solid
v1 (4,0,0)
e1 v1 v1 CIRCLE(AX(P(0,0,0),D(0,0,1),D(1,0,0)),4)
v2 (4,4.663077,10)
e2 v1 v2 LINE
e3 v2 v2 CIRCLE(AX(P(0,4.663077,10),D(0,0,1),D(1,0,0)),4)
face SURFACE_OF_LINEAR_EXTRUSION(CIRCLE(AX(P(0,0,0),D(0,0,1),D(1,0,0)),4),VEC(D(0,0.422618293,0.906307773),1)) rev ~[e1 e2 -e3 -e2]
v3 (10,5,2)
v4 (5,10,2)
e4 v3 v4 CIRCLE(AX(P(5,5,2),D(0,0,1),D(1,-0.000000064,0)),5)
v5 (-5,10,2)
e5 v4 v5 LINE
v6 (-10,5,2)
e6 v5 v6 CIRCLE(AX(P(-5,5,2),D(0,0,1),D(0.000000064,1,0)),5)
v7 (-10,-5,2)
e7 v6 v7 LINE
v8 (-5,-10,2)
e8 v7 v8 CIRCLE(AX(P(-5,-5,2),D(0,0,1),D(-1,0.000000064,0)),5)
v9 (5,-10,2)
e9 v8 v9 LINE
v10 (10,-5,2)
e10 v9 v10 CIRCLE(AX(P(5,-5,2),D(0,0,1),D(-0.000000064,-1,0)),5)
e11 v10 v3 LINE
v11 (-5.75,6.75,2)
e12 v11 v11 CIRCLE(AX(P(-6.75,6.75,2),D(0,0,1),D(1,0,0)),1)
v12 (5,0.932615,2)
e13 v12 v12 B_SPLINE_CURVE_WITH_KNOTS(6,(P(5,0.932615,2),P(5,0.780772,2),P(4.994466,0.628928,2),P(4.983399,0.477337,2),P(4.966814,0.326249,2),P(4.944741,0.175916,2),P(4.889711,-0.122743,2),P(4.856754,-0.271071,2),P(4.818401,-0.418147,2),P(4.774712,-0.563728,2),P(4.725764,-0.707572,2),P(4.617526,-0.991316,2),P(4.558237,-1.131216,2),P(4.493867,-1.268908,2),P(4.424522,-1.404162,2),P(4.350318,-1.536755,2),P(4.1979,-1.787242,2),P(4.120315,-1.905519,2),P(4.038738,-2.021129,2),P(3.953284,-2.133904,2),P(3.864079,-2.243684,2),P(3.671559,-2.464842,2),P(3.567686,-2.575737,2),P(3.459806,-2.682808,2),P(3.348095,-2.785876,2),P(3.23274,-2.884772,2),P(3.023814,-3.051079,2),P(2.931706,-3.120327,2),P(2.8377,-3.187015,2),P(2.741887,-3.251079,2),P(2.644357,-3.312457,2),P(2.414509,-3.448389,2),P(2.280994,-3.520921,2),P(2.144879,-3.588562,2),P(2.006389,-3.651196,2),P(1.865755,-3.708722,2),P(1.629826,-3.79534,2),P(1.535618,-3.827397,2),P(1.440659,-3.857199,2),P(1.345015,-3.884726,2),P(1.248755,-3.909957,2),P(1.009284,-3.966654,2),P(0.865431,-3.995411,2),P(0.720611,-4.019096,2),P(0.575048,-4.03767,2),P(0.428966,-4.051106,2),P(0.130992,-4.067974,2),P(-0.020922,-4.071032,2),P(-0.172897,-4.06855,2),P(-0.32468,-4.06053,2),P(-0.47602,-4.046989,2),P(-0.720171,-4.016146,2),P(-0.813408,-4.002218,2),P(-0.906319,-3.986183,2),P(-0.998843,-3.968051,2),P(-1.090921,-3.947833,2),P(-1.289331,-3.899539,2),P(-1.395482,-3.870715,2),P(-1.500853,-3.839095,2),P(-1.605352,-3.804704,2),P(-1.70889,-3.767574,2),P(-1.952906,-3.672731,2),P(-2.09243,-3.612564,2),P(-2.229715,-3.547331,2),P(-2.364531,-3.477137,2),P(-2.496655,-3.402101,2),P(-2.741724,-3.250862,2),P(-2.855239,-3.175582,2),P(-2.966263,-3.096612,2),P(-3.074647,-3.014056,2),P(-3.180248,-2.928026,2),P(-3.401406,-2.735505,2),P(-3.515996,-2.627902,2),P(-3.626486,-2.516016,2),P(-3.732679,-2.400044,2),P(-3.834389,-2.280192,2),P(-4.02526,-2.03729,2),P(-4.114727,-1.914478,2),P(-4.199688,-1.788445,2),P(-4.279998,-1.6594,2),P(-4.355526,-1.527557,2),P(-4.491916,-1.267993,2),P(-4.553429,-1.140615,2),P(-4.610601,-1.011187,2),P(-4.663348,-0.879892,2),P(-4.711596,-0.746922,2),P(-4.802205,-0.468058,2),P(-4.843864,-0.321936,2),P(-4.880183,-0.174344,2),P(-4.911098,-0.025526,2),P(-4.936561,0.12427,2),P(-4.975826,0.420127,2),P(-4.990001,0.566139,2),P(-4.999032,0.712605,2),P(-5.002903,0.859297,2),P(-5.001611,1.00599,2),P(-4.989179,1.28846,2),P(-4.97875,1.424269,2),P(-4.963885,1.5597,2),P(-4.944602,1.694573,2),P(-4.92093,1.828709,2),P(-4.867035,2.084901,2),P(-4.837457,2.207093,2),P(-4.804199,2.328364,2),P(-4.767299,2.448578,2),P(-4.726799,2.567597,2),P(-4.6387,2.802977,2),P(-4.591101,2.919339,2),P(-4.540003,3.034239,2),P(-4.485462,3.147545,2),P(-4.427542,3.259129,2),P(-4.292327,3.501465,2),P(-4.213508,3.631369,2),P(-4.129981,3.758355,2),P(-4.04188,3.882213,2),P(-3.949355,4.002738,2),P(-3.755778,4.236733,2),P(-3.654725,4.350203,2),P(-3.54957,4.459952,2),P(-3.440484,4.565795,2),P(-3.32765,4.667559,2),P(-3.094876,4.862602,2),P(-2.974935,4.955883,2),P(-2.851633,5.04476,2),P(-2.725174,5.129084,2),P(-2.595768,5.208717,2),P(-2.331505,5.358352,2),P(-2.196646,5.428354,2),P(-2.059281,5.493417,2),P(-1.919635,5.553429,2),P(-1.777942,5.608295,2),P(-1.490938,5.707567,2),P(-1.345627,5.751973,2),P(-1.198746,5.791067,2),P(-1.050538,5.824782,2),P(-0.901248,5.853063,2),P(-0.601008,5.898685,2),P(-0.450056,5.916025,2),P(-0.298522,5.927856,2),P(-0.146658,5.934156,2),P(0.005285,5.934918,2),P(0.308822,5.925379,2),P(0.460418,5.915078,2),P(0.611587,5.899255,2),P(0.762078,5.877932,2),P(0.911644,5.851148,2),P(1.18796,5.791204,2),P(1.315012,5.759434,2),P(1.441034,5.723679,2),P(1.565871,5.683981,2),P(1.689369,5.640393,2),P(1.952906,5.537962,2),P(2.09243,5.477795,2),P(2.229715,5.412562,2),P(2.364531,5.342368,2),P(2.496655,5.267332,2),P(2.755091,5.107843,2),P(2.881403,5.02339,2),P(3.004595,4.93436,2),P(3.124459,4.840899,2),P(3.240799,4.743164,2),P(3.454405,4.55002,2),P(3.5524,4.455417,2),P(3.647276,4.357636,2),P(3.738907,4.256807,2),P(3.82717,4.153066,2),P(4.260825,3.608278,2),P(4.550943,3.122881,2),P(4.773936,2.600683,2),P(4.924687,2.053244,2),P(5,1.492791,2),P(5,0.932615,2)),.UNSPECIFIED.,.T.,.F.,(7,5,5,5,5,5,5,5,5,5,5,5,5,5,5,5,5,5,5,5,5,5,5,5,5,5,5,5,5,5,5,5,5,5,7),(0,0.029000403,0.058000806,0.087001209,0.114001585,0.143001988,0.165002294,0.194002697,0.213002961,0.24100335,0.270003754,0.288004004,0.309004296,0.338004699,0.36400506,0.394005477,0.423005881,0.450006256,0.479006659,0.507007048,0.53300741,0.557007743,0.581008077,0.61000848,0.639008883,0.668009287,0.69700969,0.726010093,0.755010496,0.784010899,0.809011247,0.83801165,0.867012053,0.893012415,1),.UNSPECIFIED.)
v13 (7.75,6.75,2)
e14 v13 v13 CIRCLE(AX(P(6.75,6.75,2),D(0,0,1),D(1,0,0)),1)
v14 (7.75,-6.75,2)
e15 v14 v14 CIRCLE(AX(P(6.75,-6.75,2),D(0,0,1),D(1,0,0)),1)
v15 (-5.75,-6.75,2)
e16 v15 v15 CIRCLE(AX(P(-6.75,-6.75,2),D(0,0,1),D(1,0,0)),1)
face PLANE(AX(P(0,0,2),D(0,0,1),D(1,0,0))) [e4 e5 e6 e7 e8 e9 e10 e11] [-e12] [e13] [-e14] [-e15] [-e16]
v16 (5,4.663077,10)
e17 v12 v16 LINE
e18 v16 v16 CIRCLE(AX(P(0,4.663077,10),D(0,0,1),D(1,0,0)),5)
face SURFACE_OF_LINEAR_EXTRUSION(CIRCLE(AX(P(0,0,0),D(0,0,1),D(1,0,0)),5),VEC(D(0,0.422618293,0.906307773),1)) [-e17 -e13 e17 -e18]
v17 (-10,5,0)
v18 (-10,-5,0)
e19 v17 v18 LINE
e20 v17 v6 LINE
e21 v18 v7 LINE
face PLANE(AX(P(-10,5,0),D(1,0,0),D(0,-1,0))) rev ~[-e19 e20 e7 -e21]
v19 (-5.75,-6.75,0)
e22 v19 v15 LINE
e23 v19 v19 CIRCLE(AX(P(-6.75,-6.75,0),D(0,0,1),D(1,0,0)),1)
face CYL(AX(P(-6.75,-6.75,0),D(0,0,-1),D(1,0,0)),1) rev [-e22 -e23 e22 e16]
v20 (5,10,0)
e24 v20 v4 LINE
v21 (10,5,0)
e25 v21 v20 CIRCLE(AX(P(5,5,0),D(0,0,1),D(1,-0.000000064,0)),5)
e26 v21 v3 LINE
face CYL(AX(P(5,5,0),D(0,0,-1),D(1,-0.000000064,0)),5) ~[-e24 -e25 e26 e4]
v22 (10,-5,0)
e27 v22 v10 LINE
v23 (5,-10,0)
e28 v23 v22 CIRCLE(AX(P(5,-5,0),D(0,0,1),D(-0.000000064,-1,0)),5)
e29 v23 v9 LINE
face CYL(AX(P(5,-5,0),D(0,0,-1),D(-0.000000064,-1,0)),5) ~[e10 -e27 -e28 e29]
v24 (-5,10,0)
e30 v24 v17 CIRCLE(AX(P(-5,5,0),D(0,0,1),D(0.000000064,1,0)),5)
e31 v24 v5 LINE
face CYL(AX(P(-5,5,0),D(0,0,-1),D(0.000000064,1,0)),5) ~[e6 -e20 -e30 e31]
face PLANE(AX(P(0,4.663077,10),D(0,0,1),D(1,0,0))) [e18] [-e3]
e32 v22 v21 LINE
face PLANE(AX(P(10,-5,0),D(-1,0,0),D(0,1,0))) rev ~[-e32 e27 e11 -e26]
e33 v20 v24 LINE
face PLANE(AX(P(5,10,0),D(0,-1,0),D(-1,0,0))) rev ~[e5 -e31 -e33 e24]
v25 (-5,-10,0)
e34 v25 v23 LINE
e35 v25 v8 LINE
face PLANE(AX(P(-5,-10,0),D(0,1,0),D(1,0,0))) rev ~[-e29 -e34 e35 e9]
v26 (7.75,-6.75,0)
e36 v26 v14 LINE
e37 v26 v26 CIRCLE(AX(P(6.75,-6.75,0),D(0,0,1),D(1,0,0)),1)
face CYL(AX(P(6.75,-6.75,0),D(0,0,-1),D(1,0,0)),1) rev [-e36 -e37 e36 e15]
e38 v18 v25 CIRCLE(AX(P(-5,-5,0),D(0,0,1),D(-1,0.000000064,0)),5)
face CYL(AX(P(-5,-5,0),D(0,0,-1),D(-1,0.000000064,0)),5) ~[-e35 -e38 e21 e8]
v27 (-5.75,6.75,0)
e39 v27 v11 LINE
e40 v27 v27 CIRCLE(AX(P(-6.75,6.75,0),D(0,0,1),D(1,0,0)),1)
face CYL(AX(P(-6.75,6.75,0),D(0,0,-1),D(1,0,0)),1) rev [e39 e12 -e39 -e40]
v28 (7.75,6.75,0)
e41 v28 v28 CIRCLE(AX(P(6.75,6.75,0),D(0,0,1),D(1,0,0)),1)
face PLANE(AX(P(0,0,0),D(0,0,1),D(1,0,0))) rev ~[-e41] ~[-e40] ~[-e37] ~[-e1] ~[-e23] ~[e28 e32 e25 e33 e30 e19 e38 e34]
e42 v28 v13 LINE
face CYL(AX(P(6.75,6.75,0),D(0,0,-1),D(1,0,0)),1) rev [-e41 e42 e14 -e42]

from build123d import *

# Parameters (mm, degrees)
F0_R     = 1
F0_R_2   = 5
F0_R_3   = 4
F1_DEPTH = 2


with BuildPart() as f1:
    # F0 (on Top) → F1 (new body)
    with BuildSketch(Plane.XY):
        with BuildLine():
            Line((5, 10), (-5, 10))
            ThreePointArc((-5, 10), (-8.535534, 8.535534), (-10, 5))
            Line((-10, 5), (-10, -5))
            ThreePointArc((-10, -5), (-8.535534, -8.535534), (-5, -10))
            Line((-5, -10), (5, -10))
            ThreePointArc((5, -10), (8.535534, -8.535534), (10, -5))
            Line((10, -5), (10, 5))
            ThreePointArc((10, 5), (8.535534, 8.535534), (5, 10))
        make_face()
        with Locations((-6.75, -6.75)):
            Circle(F0_R, mode=Mode.SUBTRACT)
        with Locations((6.75, -6.75)):
            Circle(F0_R, mode=Mode.SUBTRACT)
        with Locations((-6.75, 6.75)):
            Circle(F0_R, mode=Mode.SUBTRACT)
        Circle(F0_R_2, mode=Mode.SUBTRACT)
        with Locations((6.75, 6.75)):
            Circle(F0_R, mode=Mode.SUBTRACT)
        Circle(F0_R_2)
        Circle(F0_R_3, mode=Mode.SUBTRACT)
        Circle(F0_R_3)
    extrude(amount=F1_DEPTH)

    # F3: sweep along a path in F2
    with BuildLine(Plane.YZ) as f3_path:
        Line((4, 0), (8.663077, 10))
    # F0 (on Top) → F3 (sweep)
    with BuildSketch(Plane.XY):
        Circle(F0_R_2)
        Circle(F0_R_3, mode=Mode.SUBTRACT)
        Circle(F0_R_3)
    sweep(path=f3_path.line)

    # F4: sweep along a path in F2
    with BuildLine(Plane.YZ) as f4_path:
        Line((4, 0), (8.663077, 10))
    # F0 (on Top) → F4 (sweep, cut)
    with BuildSketch(Plane.XY):
        Circle(F0_R_3)
    sweep(path=f4_path.line, mode=Mode.SUBTRACT)


solid = f1.part
